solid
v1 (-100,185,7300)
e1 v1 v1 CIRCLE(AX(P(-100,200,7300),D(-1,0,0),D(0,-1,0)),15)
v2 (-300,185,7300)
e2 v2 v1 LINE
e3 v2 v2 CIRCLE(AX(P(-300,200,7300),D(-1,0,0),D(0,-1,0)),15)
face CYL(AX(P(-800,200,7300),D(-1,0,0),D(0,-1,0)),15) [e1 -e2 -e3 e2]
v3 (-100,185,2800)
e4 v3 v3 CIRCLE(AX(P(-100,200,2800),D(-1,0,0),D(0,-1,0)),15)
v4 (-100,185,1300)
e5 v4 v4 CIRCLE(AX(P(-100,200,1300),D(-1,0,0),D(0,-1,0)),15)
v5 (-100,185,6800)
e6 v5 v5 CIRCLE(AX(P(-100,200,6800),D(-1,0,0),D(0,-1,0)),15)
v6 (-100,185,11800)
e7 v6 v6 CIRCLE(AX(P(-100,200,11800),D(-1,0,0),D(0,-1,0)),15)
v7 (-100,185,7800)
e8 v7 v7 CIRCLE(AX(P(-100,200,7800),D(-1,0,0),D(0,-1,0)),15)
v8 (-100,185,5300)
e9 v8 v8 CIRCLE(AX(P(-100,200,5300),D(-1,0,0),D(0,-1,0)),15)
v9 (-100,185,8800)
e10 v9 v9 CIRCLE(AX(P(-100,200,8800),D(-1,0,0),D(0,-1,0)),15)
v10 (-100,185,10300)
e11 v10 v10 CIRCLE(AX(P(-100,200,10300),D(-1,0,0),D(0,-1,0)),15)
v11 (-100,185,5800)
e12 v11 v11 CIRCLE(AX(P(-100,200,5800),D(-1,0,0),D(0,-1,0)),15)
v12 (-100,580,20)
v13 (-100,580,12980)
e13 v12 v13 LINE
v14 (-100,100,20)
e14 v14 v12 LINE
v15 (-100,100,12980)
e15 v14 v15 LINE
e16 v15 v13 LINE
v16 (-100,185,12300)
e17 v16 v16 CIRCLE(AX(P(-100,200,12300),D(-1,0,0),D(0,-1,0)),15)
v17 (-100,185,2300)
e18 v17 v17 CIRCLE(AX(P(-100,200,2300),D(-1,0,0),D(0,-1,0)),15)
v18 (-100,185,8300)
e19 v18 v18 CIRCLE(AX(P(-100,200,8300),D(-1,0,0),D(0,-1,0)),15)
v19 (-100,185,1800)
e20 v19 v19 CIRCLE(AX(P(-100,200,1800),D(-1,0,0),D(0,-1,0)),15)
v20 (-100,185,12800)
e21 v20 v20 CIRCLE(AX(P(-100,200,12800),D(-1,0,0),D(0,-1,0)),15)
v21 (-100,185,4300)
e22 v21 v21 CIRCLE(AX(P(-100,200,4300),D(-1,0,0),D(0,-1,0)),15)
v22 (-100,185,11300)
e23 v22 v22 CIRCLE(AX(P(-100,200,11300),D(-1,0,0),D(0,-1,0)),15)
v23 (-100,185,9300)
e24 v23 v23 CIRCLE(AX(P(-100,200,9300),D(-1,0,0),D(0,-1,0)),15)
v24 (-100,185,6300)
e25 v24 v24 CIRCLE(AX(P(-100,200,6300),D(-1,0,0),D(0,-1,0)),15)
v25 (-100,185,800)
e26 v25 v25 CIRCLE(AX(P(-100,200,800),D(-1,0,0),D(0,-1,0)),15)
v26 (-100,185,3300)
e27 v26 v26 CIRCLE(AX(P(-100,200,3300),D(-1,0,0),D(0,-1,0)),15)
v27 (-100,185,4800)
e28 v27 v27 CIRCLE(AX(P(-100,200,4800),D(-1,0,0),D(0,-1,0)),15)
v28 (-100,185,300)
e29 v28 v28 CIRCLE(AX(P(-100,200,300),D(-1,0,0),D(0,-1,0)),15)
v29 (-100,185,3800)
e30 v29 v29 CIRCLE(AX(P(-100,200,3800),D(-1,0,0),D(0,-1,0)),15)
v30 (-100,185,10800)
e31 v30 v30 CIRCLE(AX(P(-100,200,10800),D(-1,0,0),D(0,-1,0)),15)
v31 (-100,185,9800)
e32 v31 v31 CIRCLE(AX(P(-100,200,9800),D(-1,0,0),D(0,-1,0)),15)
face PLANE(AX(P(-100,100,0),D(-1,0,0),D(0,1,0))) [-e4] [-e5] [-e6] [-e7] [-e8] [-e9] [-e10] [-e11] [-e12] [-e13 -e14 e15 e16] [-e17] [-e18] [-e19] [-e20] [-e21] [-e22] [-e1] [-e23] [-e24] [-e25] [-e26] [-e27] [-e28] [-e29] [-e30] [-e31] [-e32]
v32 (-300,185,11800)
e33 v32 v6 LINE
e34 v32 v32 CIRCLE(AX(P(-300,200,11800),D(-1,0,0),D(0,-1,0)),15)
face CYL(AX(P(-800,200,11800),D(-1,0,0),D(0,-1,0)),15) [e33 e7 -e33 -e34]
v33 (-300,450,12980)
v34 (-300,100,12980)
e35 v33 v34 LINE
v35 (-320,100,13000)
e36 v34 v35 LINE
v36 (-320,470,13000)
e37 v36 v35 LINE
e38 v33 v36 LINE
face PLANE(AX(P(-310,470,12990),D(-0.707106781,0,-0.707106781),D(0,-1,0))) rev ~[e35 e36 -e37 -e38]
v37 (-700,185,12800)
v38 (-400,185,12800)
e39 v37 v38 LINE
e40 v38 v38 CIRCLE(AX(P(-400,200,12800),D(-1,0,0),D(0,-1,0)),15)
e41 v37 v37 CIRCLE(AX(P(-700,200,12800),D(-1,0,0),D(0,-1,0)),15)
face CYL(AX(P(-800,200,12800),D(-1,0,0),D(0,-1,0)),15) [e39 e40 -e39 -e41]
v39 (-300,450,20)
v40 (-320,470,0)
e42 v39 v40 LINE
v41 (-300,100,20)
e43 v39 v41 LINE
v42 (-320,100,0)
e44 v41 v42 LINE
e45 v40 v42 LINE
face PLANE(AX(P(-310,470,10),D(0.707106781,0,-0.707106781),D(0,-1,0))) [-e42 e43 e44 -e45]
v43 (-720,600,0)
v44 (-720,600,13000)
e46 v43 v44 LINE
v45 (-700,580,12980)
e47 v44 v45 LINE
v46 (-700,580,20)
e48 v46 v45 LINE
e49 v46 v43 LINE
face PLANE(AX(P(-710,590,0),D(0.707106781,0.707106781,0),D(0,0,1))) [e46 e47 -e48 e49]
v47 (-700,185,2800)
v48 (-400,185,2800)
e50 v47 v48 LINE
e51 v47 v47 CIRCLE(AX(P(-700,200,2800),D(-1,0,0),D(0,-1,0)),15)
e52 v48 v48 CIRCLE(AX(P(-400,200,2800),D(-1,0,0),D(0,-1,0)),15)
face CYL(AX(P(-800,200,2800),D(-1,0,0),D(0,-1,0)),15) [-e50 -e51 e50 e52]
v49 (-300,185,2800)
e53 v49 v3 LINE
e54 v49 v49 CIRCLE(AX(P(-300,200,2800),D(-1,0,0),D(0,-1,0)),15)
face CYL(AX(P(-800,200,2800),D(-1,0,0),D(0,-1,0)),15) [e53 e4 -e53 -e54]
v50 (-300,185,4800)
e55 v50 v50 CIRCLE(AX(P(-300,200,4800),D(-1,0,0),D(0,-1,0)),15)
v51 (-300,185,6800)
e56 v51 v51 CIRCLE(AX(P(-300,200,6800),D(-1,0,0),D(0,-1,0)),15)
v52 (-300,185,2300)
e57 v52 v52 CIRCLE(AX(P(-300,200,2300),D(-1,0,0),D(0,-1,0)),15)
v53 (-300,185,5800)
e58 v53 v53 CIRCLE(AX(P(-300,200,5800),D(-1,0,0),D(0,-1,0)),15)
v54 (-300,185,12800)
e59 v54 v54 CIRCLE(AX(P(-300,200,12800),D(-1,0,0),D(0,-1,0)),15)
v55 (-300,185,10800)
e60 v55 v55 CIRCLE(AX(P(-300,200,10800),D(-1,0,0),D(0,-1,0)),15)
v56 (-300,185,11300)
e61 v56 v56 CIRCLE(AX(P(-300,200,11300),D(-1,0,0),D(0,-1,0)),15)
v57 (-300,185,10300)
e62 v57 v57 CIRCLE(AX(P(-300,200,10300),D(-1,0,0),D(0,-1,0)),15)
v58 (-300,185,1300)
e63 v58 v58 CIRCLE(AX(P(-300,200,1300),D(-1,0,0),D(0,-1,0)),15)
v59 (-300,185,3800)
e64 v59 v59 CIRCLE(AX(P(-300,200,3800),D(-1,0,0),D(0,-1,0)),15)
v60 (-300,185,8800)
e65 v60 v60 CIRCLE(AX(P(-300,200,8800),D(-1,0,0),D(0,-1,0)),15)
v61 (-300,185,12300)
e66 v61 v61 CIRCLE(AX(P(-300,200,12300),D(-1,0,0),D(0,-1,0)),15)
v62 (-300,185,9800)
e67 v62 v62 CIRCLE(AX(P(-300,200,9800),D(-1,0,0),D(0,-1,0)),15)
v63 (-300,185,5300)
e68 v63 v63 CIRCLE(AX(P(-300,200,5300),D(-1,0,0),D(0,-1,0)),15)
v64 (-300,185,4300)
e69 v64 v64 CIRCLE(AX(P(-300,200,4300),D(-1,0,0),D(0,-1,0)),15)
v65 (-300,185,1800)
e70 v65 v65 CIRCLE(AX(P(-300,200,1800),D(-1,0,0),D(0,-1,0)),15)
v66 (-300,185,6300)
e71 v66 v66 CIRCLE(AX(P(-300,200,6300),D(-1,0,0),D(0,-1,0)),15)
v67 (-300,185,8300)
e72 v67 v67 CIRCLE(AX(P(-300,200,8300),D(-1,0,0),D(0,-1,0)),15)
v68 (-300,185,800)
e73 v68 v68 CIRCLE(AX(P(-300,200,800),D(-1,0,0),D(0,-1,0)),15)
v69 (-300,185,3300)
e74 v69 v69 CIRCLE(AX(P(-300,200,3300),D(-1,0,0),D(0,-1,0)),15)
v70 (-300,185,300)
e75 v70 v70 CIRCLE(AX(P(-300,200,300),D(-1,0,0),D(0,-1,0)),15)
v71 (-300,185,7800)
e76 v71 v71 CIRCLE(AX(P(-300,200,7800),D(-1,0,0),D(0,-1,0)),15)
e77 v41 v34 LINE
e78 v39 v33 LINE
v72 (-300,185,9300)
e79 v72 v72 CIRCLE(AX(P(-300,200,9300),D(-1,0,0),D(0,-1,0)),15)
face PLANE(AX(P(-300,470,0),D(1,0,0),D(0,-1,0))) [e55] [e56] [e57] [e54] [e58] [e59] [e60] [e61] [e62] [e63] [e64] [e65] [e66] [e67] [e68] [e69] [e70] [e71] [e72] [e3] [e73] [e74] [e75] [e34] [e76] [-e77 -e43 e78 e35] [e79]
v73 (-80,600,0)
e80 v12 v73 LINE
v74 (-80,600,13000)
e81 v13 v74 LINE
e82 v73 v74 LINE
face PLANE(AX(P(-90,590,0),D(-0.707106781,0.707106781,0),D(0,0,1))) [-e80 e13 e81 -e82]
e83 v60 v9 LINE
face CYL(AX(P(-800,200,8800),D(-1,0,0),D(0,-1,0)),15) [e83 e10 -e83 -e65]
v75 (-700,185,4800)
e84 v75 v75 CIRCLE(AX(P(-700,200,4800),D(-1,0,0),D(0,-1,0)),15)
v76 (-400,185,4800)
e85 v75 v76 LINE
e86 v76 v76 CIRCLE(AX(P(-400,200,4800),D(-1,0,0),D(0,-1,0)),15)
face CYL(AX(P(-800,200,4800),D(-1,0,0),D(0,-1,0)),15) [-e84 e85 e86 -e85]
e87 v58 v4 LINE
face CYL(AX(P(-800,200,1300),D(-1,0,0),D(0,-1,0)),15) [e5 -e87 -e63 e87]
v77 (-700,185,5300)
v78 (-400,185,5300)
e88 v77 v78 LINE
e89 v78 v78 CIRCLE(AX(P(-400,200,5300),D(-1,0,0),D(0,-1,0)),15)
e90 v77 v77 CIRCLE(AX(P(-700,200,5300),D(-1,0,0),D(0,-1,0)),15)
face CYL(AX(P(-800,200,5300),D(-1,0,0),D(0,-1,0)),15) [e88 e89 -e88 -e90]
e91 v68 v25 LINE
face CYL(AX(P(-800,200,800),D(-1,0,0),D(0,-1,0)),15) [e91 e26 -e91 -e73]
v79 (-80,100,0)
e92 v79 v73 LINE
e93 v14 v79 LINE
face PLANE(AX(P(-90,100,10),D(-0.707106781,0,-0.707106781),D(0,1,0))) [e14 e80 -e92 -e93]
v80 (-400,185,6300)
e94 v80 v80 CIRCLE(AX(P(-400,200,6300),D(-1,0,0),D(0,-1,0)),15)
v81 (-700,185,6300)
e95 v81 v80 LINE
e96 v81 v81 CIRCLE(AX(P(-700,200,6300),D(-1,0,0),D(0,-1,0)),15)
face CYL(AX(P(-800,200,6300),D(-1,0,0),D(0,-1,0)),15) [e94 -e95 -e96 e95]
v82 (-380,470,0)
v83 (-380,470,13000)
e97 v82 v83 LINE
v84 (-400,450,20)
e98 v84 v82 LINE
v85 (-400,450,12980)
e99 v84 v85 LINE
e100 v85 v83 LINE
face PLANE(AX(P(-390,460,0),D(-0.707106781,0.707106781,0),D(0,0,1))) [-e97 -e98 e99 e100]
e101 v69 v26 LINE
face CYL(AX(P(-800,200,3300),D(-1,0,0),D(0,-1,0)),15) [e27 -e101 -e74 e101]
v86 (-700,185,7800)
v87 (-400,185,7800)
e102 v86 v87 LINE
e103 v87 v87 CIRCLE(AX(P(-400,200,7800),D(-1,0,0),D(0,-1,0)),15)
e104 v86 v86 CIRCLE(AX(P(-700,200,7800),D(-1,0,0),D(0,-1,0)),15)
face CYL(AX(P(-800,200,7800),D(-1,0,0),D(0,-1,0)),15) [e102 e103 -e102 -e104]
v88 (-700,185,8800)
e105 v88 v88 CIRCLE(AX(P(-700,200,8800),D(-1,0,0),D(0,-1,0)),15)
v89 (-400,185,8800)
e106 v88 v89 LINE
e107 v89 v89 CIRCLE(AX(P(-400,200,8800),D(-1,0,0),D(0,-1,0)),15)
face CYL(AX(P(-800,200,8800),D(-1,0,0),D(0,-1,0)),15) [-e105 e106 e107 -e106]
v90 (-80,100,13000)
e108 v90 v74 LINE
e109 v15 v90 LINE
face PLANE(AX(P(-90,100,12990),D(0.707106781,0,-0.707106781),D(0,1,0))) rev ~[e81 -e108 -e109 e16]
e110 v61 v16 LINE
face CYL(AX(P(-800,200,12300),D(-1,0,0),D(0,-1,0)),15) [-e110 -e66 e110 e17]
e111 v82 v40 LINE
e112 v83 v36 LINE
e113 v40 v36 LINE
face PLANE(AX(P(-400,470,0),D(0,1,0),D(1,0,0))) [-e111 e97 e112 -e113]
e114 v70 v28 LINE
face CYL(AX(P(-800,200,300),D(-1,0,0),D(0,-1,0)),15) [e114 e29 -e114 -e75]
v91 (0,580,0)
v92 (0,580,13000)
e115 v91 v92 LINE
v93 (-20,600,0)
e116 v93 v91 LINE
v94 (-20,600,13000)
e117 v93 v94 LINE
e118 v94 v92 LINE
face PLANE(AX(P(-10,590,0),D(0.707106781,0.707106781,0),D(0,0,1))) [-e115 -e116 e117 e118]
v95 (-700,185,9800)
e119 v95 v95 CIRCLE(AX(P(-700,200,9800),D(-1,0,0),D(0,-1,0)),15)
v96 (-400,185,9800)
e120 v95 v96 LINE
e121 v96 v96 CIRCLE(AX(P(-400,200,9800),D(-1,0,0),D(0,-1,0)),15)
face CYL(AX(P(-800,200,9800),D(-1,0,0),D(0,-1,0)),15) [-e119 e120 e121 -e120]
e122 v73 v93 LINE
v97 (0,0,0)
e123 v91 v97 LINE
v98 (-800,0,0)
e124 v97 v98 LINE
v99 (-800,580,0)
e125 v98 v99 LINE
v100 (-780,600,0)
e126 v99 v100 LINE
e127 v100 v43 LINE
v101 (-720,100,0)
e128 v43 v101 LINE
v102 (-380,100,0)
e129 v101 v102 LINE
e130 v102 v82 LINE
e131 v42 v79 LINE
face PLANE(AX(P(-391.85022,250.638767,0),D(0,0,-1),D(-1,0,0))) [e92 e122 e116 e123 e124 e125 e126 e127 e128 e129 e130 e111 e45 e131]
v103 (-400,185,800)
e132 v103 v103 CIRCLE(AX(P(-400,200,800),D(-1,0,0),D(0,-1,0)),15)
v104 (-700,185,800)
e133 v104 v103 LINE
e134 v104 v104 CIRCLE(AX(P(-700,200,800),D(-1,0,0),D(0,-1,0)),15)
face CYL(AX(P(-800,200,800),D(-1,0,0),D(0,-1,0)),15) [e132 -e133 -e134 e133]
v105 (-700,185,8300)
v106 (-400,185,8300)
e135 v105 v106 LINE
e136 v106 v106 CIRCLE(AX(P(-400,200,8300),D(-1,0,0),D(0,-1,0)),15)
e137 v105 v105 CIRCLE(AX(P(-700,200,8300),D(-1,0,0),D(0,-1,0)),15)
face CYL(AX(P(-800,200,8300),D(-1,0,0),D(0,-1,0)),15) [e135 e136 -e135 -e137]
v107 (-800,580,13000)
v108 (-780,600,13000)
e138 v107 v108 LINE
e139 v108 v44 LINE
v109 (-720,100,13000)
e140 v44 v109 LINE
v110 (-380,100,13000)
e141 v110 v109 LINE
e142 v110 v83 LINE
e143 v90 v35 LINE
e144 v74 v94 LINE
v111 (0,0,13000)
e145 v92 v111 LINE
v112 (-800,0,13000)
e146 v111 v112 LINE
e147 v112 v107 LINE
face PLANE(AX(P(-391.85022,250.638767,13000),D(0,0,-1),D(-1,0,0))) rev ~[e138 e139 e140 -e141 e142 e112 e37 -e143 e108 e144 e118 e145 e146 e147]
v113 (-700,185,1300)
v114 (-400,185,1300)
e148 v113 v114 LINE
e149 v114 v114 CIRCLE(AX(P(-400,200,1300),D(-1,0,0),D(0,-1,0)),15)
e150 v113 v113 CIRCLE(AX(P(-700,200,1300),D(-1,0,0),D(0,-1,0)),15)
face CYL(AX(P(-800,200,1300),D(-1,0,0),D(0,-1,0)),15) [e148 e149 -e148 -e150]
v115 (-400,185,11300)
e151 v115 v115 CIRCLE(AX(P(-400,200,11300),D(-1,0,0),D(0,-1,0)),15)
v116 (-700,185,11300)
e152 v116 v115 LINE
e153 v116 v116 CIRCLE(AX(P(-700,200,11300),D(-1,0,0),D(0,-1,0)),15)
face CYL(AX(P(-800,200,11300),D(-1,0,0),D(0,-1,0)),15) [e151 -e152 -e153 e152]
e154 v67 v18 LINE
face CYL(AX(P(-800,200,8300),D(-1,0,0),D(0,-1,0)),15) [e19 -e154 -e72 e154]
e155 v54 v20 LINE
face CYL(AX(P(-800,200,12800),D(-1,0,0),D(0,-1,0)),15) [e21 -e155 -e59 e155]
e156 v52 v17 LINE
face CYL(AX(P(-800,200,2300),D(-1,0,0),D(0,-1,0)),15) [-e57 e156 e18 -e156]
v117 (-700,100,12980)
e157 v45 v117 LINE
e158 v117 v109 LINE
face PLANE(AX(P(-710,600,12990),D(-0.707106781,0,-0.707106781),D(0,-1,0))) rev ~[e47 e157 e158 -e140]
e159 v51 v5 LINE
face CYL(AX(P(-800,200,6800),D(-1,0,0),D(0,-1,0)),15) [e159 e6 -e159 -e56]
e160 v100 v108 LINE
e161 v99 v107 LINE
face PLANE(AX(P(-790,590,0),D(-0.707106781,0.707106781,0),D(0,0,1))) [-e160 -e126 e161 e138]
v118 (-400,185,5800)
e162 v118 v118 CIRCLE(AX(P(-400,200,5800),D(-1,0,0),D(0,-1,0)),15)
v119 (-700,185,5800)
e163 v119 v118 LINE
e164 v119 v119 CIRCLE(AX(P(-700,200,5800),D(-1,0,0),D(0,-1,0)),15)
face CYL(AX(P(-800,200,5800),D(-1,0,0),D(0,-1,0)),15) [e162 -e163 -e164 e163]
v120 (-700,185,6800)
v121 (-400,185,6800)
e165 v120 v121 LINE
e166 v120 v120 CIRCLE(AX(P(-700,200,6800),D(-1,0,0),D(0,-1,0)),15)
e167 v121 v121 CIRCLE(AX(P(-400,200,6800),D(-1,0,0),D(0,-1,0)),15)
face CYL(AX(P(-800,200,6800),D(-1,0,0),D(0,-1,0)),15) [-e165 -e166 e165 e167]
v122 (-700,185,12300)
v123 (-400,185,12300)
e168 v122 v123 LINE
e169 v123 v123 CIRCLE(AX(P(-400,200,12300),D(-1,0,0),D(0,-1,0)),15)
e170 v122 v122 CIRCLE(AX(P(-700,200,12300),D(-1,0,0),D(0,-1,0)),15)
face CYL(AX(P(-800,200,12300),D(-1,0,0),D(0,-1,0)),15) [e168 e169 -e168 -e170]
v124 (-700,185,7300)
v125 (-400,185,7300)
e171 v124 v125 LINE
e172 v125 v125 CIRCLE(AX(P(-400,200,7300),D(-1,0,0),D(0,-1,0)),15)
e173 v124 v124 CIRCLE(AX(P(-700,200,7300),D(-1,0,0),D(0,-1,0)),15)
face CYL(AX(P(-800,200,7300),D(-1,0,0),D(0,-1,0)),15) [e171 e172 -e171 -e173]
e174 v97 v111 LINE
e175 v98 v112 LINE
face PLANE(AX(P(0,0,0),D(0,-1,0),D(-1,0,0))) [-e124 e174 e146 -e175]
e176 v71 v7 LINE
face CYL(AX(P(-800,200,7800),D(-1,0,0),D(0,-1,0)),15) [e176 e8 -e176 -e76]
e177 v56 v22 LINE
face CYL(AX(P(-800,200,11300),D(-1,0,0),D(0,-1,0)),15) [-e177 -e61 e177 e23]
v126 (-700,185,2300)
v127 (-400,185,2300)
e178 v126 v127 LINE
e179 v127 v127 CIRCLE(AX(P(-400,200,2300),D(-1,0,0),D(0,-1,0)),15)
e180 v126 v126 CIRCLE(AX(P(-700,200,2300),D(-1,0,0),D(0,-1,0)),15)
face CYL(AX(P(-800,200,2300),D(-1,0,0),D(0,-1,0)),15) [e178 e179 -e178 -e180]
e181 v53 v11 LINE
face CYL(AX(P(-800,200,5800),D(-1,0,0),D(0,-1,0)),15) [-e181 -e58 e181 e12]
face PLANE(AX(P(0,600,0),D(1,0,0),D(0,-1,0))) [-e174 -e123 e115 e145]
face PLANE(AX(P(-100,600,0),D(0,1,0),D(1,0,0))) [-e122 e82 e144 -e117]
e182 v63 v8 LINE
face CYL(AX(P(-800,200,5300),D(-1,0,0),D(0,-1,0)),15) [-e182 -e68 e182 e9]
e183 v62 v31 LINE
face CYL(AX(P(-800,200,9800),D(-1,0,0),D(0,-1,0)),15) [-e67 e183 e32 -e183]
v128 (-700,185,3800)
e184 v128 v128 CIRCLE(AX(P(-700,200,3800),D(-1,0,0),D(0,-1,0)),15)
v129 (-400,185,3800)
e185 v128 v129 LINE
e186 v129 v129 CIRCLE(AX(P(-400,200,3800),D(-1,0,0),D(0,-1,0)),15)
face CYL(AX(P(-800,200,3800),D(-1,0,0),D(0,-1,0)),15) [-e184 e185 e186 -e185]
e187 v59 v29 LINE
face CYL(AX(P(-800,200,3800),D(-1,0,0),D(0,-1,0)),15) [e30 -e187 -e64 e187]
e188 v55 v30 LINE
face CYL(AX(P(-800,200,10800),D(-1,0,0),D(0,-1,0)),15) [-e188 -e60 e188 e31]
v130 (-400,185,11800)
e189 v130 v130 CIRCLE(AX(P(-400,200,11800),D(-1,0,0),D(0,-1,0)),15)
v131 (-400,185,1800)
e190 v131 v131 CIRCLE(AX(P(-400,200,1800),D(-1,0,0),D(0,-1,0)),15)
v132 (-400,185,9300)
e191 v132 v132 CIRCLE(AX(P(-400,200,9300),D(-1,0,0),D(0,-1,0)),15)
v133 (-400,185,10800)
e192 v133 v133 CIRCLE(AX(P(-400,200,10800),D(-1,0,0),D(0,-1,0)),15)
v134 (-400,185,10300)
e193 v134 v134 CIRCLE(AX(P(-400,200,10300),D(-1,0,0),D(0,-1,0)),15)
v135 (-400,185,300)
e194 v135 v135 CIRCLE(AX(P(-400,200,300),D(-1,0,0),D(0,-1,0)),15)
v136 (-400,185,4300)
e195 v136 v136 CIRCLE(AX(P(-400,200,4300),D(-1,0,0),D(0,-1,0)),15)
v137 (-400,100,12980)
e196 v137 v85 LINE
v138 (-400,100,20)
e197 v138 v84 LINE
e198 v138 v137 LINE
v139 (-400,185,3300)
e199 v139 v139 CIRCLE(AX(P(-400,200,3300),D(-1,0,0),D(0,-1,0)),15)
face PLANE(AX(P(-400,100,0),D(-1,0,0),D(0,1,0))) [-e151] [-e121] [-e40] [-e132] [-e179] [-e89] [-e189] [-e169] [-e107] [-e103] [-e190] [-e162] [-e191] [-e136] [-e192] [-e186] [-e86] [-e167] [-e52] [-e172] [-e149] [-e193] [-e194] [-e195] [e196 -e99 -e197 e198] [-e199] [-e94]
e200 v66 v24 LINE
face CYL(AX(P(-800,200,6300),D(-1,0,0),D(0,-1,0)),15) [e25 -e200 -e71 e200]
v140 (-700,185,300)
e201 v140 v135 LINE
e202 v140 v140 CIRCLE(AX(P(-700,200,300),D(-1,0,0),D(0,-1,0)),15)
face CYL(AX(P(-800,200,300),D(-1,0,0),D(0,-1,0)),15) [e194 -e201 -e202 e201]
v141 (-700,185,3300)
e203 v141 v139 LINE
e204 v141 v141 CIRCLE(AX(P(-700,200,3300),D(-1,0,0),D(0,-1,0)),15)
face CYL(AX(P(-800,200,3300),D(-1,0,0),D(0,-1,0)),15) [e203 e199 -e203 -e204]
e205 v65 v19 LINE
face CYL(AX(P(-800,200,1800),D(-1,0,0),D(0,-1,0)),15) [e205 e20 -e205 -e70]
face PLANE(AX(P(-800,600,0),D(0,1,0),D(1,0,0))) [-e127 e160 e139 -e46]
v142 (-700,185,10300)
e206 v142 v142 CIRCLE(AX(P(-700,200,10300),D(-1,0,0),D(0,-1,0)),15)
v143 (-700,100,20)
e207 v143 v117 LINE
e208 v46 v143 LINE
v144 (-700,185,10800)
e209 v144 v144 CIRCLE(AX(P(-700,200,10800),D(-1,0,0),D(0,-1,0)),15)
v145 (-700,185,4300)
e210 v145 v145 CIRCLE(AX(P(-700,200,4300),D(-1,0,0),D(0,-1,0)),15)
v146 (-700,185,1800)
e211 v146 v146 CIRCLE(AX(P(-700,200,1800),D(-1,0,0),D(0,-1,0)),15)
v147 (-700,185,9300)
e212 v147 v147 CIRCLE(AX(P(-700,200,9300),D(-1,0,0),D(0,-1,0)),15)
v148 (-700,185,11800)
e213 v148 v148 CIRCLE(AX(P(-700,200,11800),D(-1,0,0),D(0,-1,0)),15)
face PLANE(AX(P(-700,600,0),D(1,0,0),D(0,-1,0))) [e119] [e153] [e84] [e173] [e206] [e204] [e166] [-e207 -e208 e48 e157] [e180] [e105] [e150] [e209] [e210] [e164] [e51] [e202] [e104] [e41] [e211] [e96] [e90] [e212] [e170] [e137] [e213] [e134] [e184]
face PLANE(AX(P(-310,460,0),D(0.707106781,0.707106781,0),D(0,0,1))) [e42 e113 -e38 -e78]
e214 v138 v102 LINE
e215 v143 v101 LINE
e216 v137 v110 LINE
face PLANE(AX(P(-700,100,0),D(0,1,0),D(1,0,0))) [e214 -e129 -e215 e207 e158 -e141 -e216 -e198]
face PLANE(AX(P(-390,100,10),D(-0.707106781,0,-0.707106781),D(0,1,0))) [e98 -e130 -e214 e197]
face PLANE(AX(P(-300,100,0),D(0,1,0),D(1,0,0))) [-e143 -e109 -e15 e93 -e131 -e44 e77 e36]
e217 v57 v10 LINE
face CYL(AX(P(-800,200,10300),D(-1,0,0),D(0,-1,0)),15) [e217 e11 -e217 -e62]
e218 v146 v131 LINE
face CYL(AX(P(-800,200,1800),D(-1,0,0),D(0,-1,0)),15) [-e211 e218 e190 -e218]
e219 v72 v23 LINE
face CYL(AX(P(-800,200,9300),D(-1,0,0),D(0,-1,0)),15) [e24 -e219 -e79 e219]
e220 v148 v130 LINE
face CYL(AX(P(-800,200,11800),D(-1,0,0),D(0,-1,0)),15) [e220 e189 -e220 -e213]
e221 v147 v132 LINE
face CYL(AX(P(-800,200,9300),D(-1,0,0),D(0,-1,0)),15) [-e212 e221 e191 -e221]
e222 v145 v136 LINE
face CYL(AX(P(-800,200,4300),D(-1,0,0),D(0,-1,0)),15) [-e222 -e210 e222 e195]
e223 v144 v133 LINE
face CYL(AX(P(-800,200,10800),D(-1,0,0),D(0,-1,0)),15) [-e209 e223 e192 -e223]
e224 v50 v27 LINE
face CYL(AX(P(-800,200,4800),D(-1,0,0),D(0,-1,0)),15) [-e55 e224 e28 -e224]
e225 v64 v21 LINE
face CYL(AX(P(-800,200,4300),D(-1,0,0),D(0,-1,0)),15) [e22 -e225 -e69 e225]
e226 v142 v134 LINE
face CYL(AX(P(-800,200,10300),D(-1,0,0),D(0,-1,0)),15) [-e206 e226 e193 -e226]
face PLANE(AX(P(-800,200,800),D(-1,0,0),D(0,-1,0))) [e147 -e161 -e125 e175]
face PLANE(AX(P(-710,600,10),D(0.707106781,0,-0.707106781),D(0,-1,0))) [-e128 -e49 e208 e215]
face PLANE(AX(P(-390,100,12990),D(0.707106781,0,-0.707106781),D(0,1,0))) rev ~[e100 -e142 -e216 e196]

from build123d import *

# Parameters (mm, degrees)
SALIENTE_EXTRUIR1_DEPTH = 13000
CHAFL_N2_SIZE           = 20
SALIENTE_EXTRUIR2_REACH = 13040.405
CROQUIS2_R              = 15
MATRIZL1_COUNT          = 26
MATRIZL1_PITCH          = 500


with BuildPart() as part:
    # Croquis1 → Saliente-Extruir1 (new body)
    with BuildSketch(Plane.XY):
        Polygon((0, 0), (-800, 0), (-800, 600), (-700, 600), (-700, 100), (-400, 100), (-400, 470), (-300, 470), (-300, 100), (-100, 100), (-100, 600), (0, 600), align=None)
    extrude(amount=SALIENTE_EXTRUIR1_DEPTH)

    # Chaflán2
    chafl_n2_edges = [part.edges().sort_by_distance(p)[0] for p in [
        (-100, 350, 13000),
        (-700, 350, 0),
        (-400, 285, 0),
        (-300, 285, 0),
        (-100, 350, 0),
        (-300, 285, 13000),
        (-800, 600, 6500),
        (-700, 600, 6500),
        (-400, 470, 6500),
        (-300, 470, 6500),
        (-100, 600, 6500),
        (0, 600, 6500),
        (-400, 285, 13000),
        (-700, 350, 13000),
    ]]
    chamfer(chafl_n2_edges, length=CHAFL_N2_SIZE)

    # Saliente-Extruir2: up to this face of the body (flat: up to its plane)
    saliente_extruir2_end = Plane(part.part.faces().sort_by_distance((-100, 340, 6500))[0])
    # Croquis2 → Saliente-Extruir2 (add, up to the picked face)
    with BuildSketch(Plane.ZY.offset(800), mode=Mode.PRIVATE) as saliente_extruir2_sk1:
        with Locations(Location((300, 200, 0), (0, 0, 270))):
            Circle(CROQUIS2_R)
    saliente_extruir2_tool1 = split(extrude(saliente_extruir2_sk1.sketch, amount=-SALIENTE_EXTRUIR2_REACH, mode=Mode.PRIVATE), bisect_by=saliente_extruir2_end, keep=Keep.BOTH, mode=Mode.PRIVATE)
    saliente_extruir2 = saliente_extruir2_tool1.solids().sort_by(Axis((-800, 200, 300), (1, 0, 0)))[0]
    add(saliente_extruir2)

    # MatrizL1: Saliente-Extruir2 ×26
    with Locations(*[(0, 0, i * MATRIZL1_PITCH) for i in range(1, MATRIZL1_COUNT)]):
        add(saliente_extruir2)


solid = part.part
